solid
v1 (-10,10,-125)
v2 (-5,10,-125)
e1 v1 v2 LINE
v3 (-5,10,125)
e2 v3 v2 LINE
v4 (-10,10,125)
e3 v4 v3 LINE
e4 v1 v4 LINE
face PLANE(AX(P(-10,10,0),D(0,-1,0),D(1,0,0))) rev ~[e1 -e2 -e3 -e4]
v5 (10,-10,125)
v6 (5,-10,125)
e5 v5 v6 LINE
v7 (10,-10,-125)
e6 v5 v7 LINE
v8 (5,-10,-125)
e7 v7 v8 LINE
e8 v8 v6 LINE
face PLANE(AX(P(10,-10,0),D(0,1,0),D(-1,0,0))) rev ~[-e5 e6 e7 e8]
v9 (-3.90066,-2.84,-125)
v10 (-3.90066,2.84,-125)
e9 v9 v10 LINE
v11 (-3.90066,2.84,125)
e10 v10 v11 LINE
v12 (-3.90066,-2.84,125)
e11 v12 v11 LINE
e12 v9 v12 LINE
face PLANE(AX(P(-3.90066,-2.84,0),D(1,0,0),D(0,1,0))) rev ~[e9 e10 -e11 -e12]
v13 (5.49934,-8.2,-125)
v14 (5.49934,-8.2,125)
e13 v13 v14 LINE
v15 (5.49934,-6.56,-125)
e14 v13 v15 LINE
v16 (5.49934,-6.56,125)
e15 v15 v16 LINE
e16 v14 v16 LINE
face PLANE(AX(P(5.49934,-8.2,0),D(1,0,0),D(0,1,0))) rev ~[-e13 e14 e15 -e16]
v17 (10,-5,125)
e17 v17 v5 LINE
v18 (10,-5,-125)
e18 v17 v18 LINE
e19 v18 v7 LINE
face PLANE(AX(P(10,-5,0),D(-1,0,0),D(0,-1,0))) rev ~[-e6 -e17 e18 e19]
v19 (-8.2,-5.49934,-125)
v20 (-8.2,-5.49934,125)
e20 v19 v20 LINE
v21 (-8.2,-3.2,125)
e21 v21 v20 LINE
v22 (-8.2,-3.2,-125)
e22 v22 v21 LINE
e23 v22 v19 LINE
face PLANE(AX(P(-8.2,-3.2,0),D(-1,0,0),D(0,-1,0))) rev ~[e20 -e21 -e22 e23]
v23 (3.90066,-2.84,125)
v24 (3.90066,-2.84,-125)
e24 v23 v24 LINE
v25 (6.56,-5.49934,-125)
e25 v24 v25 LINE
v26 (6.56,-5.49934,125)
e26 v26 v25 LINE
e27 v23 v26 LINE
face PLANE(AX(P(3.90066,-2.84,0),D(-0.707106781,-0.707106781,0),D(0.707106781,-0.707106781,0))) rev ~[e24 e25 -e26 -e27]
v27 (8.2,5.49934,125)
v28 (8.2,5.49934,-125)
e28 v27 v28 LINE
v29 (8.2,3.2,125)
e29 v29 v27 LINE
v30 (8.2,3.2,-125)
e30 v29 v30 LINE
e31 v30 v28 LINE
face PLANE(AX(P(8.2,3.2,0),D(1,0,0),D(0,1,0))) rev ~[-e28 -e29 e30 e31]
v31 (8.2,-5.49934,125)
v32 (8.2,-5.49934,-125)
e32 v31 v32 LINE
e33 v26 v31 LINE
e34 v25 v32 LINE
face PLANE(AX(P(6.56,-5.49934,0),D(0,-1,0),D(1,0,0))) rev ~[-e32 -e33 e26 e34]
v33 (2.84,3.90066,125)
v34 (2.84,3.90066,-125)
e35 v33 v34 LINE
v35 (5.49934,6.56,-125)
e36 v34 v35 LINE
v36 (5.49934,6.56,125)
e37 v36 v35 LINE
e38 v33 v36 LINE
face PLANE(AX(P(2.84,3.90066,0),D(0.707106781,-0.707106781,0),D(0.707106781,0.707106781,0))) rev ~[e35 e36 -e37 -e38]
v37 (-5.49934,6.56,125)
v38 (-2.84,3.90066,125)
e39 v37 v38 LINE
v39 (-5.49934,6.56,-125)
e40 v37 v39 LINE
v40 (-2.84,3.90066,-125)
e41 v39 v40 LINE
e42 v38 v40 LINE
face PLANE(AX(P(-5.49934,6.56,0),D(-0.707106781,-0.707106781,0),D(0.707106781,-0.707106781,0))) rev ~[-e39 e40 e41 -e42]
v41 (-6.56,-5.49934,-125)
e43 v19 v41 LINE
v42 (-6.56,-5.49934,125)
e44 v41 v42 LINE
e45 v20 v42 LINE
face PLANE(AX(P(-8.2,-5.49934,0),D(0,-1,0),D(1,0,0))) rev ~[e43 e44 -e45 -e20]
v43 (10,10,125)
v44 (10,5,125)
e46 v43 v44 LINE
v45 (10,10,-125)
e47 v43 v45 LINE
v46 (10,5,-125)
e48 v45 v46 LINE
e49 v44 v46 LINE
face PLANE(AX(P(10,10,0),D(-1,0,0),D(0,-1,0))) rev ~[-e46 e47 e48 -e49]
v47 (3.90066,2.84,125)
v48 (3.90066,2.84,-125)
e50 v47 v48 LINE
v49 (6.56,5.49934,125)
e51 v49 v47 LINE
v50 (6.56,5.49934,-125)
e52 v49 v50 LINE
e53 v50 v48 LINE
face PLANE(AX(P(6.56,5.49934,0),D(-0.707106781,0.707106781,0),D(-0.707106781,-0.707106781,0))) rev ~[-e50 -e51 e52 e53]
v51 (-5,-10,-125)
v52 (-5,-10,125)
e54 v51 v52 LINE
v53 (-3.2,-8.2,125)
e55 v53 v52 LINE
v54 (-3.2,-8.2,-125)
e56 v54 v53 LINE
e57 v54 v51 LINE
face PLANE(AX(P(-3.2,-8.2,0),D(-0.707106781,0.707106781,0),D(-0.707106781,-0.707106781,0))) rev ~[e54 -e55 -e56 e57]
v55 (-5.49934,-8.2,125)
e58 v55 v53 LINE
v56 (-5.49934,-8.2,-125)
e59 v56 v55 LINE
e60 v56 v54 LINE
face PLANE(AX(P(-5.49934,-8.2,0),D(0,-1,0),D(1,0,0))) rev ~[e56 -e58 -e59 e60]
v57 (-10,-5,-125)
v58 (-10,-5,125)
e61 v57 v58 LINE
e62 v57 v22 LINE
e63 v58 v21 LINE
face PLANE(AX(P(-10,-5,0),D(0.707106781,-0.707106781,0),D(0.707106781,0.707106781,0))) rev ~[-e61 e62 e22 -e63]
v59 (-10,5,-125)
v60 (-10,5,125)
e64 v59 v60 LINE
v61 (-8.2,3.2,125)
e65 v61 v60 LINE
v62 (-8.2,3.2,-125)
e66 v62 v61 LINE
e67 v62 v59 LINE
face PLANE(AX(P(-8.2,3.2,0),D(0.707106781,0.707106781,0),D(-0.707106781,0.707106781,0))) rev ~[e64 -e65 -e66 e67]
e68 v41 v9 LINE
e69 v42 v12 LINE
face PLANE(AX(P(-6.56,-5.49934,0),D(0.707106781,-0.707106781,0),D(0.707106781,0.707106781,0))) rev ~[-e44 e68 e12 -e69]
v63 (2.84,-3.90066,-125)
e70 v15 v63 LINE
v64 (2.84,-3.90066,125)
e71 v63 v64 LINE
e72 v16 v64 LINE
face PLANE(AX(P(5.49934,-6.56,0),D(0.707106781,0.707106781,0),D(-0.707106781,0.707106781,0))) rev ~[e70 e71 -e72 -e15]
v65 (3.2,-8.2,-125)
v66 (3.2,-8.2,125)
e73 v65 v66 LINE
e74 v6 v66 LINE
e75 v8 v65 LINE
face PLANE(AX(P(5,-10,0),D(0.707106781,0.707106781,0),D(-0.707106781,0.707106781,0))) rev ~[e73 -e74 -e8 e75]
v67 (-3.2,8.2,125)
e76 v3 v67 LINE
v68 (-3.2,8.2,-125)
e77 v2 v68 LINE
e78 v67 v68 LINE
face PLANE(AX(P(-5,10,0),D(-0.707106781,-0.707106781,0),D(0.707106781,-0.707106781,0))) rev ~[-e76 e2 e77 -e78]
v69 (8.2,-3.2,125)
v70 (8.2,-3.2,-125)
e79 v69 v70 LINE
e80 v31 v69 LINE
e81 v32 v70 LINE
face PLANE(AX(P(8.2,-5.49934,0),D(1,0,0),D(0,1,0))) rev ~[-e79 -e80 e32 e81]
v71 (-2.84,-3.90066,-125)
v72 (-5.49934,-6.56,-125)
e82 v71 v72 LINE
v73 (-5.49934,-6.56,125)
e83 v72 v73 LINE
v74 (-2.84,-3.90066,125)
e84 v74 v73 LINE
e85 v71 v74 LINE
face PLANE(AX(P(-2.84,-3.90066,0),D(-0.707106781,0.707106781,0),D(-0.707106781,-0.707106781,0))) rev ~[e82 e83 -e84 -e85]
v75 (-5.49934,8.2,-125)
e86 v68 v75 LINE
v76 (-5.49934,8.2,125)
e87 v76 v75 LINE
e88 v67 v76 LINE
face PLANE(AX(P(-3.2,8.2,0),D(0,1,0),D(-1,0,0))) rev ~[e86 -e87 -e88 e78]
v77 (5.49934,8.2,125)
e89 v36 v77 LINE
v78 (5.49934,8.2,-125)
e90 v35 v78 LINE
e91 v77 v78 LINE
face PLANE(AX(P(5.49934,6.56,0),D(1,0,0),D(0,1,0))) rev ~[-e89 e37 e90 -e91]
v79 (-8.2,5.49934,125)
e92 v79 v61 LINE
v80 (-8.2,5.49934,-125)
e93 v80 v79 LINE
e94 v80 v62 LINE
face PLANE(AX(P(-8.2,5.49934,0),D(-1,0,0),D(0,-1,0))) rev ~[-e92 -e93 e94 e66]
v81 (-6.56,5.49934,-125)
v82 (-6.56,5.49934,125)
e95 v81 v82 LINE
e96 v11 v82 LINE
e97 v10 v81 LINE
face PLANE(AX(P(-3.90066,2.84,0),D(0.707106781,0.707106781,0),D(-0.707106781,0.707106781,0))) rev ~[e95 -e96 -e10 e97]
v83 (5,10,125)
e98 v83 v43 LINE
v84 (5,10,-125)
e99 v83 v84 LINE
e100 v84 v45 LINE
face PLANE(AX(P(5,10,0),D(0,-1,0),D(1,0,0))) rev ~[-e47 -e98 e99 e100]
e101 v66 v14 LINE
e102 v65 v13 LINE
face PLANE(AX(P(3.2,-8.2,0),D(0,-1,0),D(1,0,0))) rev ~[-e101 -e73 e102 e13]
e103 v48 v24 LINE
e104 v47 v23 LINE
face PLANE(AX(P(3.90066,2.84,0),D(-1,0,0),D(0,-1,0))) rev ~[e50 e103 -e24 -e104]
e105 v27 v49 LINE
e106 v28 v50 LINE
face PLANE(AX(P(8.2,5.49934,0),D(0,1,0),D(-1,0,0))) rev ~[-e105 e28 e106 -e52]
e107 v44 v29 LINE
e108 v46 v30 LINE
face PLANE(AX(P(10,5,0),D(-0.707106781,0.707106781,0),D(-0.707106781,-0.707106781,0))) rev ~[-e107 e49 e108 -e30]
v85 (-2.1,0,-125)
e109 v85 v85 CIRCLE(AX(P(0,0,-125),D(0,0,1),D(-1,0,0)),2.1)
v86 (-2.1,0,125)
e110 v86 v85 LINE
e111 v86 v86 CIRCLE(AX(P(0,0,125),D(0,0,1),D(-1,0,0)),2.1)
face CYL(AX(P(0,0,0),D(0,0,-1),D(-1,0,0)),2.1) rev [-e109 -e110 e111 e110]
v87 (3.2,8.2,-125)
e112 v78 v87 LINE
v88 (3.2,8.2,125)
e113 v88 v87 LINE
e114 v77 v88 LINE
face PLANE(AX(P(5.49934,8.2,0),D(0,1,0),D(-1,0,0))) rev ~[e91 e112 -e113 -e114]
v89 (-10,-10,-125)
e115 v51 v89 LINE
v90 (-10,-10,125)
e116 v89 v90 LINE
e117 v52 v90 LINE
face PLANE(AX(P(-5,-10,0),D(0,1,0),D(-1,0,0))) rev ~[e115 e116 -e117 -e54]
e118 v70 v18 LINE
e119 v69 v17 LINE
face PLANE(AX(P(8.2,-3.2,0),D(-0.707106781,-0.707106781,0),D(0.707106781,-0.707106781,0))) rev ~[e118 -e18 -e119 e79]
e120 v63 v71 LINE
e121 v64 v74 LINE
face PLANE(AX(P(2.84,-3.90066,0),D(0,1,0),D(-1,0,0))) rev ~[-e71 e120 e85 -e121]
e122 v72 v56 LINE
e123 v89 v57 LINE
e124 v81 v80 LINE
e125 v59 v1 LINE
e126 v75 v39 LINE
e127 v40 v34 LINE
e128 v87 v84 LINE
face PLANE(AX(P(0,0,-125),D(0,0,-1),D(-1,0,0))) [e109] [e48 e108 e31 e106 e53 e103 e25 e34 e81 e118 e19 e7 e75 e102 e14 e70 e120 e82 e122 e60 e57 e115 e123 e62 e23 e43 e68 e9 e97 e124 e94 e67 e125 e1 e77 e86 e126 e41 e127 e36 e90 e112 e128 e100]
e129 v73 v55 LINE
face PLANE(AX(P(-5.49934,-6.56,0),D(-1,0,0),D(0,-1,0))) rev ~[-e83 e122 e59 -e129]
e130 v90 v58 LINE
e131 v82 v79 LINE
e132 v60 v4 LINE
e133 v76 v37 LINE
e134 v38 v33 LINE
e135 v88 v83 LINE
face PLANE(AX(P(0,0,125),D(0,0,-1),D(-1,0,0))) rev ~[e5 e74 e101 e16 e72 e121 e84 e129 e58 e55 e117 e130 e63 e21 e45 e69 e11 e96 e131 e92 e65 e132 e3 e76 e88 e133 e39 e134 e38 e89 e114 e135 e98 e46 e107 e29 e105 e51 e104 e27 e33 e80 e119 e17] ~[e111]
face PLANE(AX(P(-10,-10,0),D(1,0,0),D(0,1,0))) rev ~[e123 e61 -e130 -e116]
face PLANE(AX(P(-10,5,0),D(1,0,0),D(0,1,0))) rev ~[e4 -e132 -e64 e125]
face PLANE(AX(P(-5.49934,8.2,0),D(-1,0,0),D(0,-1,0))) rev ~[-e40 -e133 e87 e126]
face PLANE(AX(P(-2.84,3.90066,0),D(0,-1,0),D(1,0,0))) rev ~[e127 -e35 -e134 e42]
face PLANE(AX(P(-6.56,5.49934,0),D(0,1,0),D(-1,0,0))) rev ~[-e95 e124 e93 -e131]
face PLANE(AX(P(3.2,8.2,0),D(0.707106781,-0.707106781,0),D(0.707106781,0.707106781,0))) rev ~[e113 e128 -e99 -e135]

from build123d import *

# Parameters (mm, degrees)
SKETCH1_R           = 2.1
BOSS_EXTRUDE1_DEPTH = 125


with BuildPart() as part:
    # Sketch1 → Boss-Extrude1 (new, symmetric)
    with BuildSketch(Plane.XY):
        Polygon((-10, 10), (-5, 10), (-3.2, 8.2), (-5.499339828, 8.2), (-5.499339828, 6.56), (-2.84, 3.900660172), (2.84, 3.900660172), (5.499339828, 6.56), (5.499339828, 8.2), (3.2, 8.2), (5, 10), (10, 10), (10, 5), (8.2, 3.2), (8.2, 5.499339828), (6.56, 5.499339828), (3.900660172, 2.84), (3.900660172, -2.84), (6.56, -5.499339828), (8.2, -5.499339828), (8.2, -3.2), (10, -5), (10, -10), (5, -10), (3.2, -8.2), (5.499339828, -8.2), (5.499339828, -6.56), (2.84, -3.900660172), (-2.84, -3.900660172), (-5.499339828, -6.56), (-5.499339828, -8.2), (-3.2, -8.2), (-5, -10), (-10, -10), (-10, -5), (-8.2, -3.2), (-8.2, -5.499339828), (-6.56, -5.499339828), (-3.900660172, -2.84), (-3.900660172, 2.84), (-6.56, 5.499339828), (-8.2, 5.499339828), (-8.2, 3.2), (-10, 5), align=None)
        with Locations(Location((0, 0, 0), (0, 0, 180))):
            Circle(SKETCH1_R, mode=Mode.SUBTRACT)
    extrude(amount=BOSS_EXTRUDE1_DEPTH, both=True)


solid = part.part
